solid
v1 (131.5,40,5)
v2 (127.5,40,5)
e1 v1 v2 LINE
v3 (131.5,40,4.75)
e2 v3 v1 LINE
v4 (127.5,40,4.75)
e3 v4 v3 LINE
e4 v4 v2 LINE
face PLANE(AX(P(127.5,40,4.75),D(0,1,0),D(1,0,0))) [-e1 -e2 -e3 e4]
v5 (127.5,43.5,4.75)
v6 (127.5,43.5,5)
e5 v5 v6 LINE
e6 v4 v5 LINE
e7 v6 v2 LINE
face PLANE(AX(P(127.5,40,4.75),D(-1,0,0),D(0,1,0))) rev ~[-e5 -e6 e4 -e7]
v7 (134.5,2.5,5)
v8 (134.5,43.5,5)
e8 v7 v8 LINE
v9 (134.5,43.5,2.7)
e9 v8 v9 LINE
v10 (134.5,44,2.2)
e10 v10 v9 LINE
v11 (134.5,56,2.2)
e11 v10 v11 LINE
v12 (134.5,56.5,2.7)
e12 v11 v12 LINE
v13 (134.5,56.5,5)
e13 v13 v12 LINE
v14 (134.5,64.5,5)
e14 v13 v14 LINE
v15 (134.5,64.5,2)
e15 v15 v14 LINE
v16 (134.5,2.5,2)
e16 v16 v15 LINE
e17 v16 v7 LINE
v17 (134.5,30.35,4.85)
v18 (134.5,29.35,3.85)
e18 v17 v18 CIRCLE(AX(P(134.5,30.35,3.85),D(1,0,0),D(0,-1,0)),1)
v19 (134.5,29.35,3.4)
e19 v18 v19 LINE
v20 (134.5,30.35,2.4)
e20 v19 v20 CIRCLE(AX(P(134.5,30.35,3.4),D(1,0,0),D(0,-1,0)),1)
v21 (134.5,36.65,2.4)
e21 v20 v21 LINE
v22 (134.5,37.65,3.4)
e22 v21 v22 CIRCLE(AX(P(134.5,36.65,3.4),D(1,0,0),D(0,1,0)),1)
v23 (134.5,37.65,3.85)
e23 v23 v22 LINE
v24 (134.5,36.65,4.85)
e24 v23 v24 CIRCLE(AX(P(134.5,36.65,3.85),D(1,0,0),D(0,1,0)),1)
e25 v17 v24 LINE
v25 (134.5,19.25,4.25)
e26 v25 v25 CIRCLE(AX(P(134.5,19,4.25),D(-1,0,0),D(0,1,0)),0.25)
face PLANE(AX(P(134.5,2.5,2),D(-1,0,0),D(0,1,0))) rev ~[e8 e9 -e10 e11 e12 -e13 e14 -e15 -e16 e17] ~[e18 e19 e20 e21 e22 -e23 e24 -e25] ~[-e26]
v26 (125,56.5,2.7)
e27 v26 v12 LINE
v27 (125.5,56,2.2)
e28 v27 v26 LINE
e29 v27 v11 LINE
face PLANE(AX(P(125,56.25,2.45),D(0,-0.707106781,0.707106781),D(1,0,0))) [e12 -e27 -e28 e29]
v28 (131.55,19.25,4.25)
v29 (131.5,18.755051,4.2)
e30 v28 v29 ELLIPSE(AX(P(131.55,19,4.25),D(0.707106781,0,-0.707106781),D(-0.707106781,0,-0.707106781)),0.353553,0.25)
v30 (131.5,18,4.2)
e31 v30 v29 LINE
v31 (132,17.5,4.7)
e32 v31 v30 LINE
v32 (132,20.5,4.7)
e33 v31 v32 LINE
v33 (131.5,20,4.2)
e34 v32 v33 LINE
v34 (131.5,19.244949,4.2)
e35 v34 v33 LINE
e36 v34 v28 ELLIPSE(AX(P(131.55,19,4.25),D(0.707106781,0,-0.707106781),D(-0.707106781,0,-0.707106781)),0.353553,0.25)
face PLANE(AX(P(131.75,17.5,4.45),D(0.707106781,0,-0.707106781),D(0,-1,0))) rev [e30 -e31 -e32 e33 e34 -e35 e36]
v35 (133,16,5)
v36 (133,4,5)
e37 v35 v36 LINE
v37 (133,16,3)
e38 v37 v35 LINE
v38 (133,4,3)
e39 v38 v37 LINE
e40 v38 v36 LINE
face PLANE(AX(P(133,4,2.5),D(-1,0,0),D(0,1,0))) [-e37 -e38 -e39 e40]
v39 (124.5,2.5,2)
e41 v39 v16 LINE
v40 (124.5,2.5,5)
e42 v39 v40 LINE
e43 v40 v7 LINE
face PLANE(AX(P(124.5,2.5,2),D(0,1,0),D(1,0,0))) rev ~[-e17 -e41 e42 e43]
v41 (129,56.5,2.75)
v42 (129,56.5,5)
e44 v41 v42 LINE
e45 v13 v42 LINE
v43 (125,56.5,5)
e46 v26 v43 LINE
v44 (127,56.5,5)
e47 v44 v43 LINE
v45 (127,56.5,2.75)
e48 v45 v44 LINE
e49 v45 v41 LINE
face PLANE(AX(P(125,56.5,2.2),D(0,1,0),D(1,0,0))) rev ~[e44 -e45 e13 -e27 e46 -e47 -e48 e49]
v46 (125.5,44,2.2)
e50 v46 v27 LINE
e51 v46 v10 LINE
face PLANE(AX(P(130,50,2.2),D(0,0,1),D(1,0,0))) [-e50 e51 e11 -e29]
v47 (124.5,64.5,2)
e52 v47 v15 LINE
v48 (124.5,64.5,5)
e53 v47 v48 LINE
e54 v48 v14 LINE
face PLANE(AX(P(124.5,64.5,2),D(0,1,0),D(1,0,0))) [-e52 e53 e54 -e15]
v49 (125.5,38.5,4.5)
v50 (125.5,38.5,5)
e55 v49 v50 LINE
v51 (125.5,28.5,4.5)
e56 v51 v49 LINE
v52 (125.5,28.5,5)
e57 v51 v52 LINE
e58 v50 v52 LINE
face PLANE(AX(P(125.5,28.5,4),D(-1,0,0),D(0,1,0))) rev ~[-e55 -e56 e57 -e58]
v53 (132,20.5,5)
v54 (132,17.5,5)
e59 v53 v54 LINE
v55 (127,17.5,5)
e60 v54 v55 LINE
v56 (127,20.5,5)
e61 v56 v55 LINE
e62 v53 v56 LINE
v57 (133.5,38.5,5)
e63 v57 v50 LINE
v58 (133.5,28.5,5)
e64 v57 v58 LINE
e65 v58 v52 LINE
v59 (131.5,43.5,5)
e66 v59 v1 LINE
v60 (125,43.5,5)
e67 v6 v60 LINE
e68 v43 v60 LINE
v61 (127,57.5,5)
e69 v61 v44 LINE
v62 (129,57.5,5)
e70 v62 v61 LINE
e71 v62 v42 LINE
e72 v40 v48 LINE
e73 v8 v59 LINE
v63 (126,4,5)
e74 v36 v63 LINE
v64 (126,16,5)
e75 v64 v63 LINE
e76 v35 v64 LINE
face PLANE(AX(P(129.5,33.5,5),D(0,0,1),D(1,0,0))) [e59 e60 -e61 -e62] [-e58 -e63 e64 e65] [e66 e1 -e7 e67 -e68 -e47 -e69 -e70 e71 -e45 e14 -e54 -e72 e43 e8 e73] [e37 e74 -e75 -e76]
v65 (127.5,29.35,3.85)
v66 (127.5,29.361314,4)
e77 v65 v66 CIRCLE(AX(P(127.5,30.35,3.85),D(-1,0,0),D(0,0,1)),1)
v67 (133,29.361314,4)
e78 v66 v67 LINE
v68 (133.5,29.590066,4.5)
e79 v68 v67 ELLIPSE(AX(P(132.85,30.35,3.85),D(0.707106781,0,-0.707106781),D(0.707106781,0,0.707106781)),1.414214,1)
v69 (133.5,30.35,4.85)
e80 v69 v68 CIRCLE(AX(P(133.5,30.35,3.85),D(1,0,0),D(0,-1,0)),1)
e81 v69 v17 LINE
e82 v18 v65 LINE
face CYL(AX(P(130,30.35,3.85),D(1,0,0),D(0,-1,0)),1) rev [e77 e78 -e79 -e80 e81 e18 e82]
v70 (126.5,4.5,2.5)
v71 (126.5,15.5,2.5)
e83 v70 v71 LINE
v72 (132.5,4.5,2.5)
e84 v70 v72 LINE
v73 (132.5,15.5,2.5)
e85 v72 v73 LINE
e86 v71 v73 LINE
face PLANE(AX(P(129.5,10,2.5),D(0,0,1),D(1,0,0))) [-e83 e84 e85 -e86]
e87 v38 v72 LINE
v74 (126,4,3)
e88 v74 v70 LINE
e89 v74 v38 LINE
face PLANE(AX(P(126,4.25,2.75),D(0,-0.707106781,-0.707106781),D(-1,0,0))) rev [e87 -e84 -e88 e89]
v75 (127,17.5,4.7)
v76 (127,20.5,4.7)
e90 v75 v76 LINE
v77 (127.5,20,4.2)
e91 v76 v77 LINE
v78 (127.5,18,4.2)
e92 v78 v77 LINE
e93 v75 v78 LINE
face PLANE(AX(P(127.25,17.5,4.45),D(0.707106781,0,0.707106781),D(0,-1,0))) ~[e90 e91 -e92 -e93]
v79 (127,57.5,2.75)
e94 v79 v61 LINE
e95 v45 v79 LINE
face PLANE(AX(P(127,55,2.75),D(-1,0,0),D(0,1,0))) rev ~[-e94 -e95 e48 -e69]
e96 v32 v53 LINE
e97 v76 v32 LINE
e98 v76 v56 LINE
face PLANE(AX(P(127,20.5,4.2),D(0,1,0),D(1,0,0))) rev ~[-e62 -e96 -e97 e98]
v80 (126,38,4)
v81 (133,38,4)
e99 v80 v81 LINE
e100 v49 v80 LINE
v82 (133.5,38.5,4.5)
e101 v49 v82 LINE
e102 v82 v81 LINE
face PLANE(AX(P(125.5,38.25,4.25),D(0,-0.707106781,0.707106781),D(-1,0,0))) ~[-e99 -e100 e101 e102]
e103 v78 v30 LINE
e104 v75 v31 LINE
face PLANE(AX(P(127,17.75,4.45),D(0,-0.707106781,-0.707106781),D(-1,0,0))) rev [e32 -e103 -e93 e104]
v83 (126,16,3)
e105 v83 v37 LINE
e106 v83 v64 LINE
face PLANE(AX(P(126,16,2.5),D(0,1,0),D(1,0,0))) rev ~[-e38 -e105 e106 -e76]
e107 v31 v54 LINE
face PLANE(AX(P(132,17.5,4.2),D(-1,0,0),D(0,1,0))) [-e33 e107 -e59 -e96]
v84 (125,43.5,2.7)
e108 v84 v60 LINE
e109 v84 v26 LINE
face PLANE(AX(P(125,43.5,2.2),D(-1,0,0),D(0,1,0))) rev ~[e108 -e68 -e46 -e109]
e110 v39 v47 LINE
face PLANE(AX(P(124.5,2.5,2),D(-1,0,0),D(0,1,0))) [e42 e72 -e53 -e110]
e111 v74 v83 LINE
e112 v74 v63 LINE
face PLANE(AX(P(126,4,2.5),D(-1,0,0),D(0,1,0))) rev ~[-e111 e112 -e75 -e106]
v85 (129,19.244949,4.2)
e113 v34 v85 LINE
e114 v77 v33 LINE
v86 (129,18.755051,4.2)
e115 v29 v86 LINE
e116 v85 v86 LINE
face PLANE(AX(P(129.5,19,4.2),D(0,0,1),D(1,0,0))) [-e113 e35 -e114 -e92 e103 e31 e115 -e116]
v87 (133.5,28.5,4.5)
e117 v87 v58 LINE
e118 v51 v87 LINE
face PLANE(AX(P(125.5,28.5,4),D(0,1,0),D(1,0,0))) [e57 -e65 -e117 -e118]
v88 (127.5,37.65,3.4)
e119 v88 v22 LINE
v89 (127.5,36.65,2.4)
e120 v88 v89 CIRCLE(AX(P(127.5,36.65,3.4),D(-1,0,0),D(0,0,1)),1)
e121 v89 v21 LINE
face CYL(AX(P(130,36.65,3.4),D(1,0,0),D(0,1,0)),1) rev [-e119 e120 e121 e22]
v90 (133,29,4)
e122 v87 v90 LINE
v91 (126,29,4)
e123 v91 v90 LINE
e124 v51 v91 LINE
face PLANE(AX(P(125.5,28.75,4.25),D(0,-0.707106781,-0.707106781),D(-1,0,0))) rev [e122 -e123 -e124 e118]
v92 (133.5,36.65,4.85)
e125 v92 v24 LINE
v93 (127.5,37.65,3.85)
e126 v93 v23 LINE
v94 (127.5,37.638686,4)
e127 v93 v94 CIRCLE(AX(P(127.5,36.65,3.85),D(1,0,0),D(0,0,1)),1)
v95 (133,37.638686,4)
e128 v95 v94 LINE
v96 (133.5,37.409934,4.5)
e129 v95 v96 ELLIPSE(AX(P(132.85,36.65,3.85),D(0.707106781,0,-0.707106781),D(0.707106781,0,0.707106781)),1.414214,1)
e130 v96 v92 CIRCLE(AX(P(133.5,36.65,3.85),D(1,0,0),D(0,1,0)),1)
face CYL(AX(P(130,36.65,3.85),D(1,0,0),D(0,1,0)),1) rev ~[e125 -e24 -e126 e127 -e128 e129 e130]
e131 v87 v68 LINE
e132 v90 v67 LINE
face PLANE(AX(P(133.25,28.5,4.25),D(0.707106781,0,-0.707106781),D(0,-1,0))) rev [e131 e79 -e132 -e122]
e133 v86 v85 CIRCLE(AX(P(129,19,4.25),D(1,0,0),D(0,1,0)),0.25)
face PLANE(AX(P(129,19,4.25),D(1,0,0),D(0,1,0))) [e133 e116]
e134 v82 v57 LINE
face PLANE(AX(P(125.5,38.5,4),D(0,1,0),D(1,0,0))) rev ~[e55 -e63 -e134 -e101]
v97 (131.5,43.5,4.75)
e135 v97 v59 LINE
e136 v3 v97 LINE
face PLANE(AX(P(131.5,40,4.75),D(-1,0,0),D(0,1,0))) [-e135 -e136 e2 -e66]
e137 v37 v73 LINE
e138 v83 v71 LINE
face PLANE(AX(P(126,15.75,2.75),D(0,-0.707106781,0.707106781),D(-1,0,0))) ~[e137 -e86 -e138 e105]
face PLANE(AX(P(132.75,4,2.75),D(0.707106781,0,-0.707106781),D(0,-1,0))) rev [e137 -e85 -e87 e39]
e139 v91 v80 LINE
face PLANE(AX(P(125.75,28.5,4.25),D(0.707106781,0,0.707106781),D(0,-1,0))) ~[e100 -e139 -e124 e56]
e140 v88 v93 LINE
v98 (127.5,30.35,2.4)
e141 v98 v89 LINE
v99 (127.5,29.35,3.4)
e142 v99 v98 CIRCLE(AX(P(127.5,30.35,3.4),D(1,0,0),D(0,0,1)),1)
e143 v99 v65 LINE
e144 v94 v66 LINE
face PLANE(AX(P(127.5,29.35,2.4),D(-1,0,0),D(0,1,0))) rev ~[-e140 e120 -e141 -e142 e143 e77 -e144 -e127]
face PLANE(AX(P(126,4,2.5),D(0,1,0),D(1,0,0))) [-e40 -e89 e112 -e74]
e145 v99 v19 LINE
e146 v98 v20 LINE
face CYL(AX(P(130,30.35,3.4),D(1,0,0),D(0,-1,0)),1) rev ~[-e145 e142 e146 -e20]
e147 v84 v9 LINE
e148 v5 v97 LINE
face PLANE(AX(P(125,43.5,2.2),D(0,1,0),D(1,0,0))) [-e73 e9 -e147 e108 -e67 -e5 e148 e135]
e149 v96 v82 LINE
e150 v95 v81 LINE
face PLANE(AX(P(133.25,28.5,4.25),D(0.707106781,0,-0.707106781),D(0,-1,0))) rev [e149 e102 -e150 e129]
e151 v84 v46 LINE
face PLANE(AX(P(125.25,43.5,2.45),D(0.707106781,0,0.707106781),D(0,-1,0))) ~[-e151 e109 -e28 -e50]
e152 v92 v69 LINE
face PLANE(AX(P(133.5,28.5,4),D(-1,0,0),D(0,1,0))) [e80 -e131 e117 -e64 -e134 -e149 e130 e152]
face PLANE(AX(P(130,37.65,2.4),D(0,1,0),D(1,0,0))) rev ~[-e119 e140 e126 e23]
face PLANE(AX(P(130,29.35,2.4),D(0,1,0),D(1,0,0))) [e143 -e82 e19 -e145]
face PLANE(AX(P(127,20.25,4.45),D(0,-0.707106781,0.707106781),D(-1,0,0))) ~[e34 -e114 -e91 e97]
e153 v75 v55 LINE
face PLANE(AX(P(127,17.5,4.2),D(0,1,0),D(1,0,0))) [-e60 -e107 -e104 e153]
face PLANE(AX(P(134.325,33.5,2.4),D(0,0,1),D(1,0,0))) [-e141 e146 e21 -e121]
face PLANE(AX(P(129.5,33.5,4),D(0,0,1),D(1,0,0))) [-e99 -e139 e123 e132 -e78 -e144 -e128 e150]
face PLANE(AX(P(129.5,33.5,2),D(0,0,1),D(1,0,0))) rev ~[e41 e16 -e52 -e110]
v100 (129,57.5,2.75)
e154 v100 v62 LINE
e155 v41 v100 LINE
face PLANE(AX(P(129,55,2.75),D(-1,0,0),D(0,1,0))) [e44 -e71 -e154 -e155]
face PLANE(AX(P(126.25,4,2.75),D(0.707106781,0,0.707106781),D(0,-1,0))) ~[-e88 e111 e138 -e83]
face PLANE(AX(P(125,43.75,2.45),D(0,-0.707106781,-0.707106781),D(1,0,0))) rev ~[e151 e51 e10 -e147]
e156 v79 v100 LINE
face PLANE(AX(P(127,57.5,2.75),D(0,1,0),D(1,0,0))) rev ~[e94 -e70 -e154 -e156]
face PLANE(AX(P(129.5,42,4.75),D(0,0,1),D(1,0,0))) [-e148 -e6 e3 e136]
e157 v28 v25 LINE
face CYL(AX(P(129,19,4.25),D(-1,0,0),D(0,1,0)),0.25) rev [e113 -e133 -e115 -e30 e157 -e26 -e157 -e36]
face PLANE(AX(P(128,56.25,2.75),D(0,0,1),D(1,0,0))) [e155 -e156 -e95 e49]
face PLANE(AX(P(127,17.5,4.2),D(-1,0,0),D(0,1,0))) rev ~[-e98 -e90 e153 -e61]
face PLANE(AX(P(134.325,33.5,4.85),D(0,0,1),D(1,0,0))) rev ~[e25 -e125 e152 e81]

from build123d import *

# Parameters (mm, degrees)
BOX038_W          = 4
BOX038_H          = 4
BOX038_DEPTH      = 10
BOX037_W          = 3
BOX037_H          = 6
BOX037_DEPTH      = 10
BOX036_W          = 2
BOX036_H          = 2.5
BOX036_DEPTH      = 10
BOX027_W          = 8.65
BOX027_H          = 8.3
BOX027_DEPTH      = 2.45
FILLET016_R       = 1
BOX034_W          = 7
BOX034_H          = 12
BOX034_DEPTH      = 3
CHAMFER002_SIZE   = 0.5
BOX033_W          = 8
BOX033_H          = 10
BOX033_DEPTH      = 10
CHAMFER001_SIZE   = 0.5
BOX032_W          = 5
BOX032_H          = 3
BOX032_DEPTH      = 10
CHAMFER_SIZE      = 0.5
BOX024_W          = 8.65
BOX024_H          = 8.3
BOX024_DEPTH      = 2.45
FILLET015_R       = 1
CYLINDER028_R     = 0.25
CYLINDER028_DEPTH = 10
BOX026_W          = 10
BOX026_H          = 13
BOX026_DEPTH      = 3
BOX014_W          = 10
BOX014_H          = 62
BOX014_DEPTH      = 3
CHAMFER003_SIZE   = 0.5


with BuildPart() as cubo032:
    # Box038 → Box038 (new body)
    with BuildSketch(Plane(origin=(127.5, 40, 4.75), x_dir=(1, 0, 0), z_dir=(0, 0, 1))):
        with Locations((2, 2)):
            Rectangle(BOX038_W, BOX038_H)
    extrude(amount=BOX038_DEPTH)


with BuildPart() as cubo031:
    # Box037 → Box037 (new body)
    with BuildSketch(Plane(origin=(128, 41, 4.75), x_dir=(1, 0, 0), z_dir=(0, 0, 1))):
        with Locations((1.5, 3)):
            Rectangle(BOX037_W, BOX037_H)
    extrude(amount=BOX037_DEPTH)


with BuildPart() as cubo030:
    # Box036 → Box036 (new body)
    with BuildSketch(Plane(origin=(127, 55, 2.75), x_dir=(1, 0, 0), z_dir=(0, 0, 1))):
        with Locations((1, 1.25)):
            Rectangle(BOX036_W, BOX036_H)
    extrude(amount=BOX036_DEPTH)


with BuildPart() as usb_c002:
    # Box027 → Box027 (new body)
    with BuildSketch(Plane.XY):
        with Locations((4.325, 4.15)):
            Rectangle(BOX027_W, BOX027_H)
    extrude(amount=BOX027_DEPTH)

    # Fillet016
    fillet016_edges = [usb_c002.edges().sort_by_distance(p)[0] for p in [
        (4.325, 0, 0),
        (4.325, 0, 2.45),
        (4.325, 8.3, 0),
        (4.325, 8.3, 2.45),
    ]]
    fillet(fillet016_edges, radius=FILLET016_R)


with BuildPart() as usb_c002_1:
    # Fillet016 placement: moved
    add(usb_c002.part.moved(Location((127.5, 29.35, 2.4))))


with BuildPart() as chamfer002:
    # Box034 → Box034 (new body)
    with BuildSketch(Plane(origin=(126, 4, 2.5), x_dir=(1, 0, 0), z_dir=(0, 0, 1))):
        with Locations((3.5, 6)):
            Rectangle(BOX034_W, BOX034_H)
    extrude(amount=BOX034_DEPTH)

    # Chamfer002
    chamfer002_edges = [chamfer002.edges().sort_by_distance(p)[0] for p in [
        (126, 10, 2.5),
        (133, 10, 2.5),
        (129.5, 4, 2.5),
        (129.5, 16, 2.5),
    ]]
    chamfer(chamfer002_edges, length=CHAMFER002_SIZE)


with BuildPart() as chamfer001:
    # Box033 → Box033 (new body)
    with BuildSketch(Plane(origin=(124, 28.5, 0), x_dir=(1, 0, 0), z_dir=(0, 0, 1))):
        with Locations((4, 5)):
            Rectangle(BOX033_W, BOX033_H)
    extrude(amount=BOX033_DEPTH)

    # Chamfer001
    chamfer001_edges = [chamfer001.edges().sort_by_distance(p)[0] for p in [
        (124, 33.5, 0),
        (132, 33.5, 0),
        (128, 28.5, 0),
        (128, 38.5, 0),
    ]]
    chamfer(chamfer001_edges, length=CHAMFER001_SIZE)


with BuildPart() as chamfer001_1:
    # Chamfer001 placement: moved
    add(chamfer001.part.moved(Location((1.5, 0, 4))))


with BuildPart() as chamfer_body:
    # Box032 → Box032 (new body)
    with BuildSketch(Plane(origin=(124, 14, 0), x_dir=(1, 0, 0), z_dir=(0, 0, 1))):
        with Locations((2.5, 1.5)):
            Rectangle(BOX032_W, BOX032_H)
    extrude(amount=BOX032_DEPTH)

    # Chamfer
    chamfer_edges = [chamfer_body.edges().sort_by_distance(p)[0] for p in [
        (124, 15.5, 0),
        (129, 15.5, 0),
        (126.5, 14, 0),
        (126.5, 17, 0),
    ]]
    chamfer(chamfer_edges, length=CHAMFER_SIZE)


with BuildPart() as chamfer_body_1:
    # Chamfer placement: moved
    add(chamfer_body.part.moved(Location((3, 3.5, 4.2))))


with BuildPart() as usb_c001:
    # Box024 → Box024 (new body)
    with BuildSketch(Plane.XY):
        with Locations((4.325, 4.15)):
            Rectangle(BOX024_W, BOX024_H)
    extrude(amount=BOX024_DEPTH)

    # Fillet015
    fillet015_edges = [usb_c001.edges().sort_by_distance(p)[0] for p in [
        (4.325, 0, 0),
        (4.325, 0, 2.45),
        (4.325, 8.3, 0),
        (4.325, 8.3, 2.45),
    ]]
    fillet(fillet015_edges, radius=FILLET015_R)


with BuildPart() as usb_c001_1:
    # Fillet015 placement: moved
    add(usb_c001.part.moved(Location((130, 29.35, 2.4))))


with BuildPart() as cilindro026:
    # Cylinder028 → Cylinder028 (new body)
    with BuildSketch(Plane(origin=(129, 19, 4.25), x_dir=(0, 1, 0), z_dir=(1, 0, 0))):
        Circle(CYLINDER028_R)
    extrude(amount=CYLINDER028_DEPTH)


with BuildPart() as agujero_altavoz:
    # Box026 → Box026 (new body)
    with BuildSketch(Plane(origin=(125, 43.5, 2.2), x_dir=(1, 0, 0), z_dir=(0, 0, 1))):
        with Locations((5, 6.5)):
            Rectangle(BOX026_W, BOX026_H)
    extrude(amount=BOX026_DEPTH)


with BuildPart() as cut044:
    # Box014 → Box014 (new body)
    with BuildSketch(Plane(origin=(124.5, 2.5, 2), x_dir=(1, 0, 0), z_dir=(0, 0, 1))):
        with Locations((5, 31)):
            Rectangle(BOX014_W, BOX014_H)
    extrude(amount=BOX014_DEPTH)

    # Cut030: cut Agujero Altavoz
    add(agujero_altavoz.part, mode=Mode.SUBTRACT)

    # Cut032: cut Cilindro026
    add(cilindro026.part, mode=Mode.SUBTRACT)

    # Cut033: cut USB-C001
    add(usb_c001_1.part, mode=Mode.SUBTRACT)

    # Cut038: cut Chamfer body
    add(chamfer_body_1.part, mode=Mode.SUBTRACT)

    # Cut039: cut Chamfer001
    add(chamfer001_1.part, mode=Mode.SUBTRACT)

    # Cut040: cut Chamfer002
    add(chamfer002.part, mode=Mode.SUBTRACT)

    # Cut041: cut USB-C002
    add(usb_c002_1.part, mode=Mode.SUBTRACT)

    # Chamfer003
    chamfer003_edges = [cut044.edges().sort_by_distance(p)[0] for p in [
        (129.75, 56.5, 2.2),
        (125, 50, 2.2),
        (129.75, 43.5, 2.2),
    ]]
    chamfer(chamfer003_edges, length=CHAMFER003_SIZE)

    # Cut042: cut Cubo030
    add(cubo030.part, mode=Mode.SUBTRACT)

    # Cut043: cut Cubo031
    add(cubo031.part, mode=Mode.SUBTRACT)

    # Cut044: cut Cubo032
    add(cubo032.part, mode=Mode.SUBTRACT)


solid = cut044.part
